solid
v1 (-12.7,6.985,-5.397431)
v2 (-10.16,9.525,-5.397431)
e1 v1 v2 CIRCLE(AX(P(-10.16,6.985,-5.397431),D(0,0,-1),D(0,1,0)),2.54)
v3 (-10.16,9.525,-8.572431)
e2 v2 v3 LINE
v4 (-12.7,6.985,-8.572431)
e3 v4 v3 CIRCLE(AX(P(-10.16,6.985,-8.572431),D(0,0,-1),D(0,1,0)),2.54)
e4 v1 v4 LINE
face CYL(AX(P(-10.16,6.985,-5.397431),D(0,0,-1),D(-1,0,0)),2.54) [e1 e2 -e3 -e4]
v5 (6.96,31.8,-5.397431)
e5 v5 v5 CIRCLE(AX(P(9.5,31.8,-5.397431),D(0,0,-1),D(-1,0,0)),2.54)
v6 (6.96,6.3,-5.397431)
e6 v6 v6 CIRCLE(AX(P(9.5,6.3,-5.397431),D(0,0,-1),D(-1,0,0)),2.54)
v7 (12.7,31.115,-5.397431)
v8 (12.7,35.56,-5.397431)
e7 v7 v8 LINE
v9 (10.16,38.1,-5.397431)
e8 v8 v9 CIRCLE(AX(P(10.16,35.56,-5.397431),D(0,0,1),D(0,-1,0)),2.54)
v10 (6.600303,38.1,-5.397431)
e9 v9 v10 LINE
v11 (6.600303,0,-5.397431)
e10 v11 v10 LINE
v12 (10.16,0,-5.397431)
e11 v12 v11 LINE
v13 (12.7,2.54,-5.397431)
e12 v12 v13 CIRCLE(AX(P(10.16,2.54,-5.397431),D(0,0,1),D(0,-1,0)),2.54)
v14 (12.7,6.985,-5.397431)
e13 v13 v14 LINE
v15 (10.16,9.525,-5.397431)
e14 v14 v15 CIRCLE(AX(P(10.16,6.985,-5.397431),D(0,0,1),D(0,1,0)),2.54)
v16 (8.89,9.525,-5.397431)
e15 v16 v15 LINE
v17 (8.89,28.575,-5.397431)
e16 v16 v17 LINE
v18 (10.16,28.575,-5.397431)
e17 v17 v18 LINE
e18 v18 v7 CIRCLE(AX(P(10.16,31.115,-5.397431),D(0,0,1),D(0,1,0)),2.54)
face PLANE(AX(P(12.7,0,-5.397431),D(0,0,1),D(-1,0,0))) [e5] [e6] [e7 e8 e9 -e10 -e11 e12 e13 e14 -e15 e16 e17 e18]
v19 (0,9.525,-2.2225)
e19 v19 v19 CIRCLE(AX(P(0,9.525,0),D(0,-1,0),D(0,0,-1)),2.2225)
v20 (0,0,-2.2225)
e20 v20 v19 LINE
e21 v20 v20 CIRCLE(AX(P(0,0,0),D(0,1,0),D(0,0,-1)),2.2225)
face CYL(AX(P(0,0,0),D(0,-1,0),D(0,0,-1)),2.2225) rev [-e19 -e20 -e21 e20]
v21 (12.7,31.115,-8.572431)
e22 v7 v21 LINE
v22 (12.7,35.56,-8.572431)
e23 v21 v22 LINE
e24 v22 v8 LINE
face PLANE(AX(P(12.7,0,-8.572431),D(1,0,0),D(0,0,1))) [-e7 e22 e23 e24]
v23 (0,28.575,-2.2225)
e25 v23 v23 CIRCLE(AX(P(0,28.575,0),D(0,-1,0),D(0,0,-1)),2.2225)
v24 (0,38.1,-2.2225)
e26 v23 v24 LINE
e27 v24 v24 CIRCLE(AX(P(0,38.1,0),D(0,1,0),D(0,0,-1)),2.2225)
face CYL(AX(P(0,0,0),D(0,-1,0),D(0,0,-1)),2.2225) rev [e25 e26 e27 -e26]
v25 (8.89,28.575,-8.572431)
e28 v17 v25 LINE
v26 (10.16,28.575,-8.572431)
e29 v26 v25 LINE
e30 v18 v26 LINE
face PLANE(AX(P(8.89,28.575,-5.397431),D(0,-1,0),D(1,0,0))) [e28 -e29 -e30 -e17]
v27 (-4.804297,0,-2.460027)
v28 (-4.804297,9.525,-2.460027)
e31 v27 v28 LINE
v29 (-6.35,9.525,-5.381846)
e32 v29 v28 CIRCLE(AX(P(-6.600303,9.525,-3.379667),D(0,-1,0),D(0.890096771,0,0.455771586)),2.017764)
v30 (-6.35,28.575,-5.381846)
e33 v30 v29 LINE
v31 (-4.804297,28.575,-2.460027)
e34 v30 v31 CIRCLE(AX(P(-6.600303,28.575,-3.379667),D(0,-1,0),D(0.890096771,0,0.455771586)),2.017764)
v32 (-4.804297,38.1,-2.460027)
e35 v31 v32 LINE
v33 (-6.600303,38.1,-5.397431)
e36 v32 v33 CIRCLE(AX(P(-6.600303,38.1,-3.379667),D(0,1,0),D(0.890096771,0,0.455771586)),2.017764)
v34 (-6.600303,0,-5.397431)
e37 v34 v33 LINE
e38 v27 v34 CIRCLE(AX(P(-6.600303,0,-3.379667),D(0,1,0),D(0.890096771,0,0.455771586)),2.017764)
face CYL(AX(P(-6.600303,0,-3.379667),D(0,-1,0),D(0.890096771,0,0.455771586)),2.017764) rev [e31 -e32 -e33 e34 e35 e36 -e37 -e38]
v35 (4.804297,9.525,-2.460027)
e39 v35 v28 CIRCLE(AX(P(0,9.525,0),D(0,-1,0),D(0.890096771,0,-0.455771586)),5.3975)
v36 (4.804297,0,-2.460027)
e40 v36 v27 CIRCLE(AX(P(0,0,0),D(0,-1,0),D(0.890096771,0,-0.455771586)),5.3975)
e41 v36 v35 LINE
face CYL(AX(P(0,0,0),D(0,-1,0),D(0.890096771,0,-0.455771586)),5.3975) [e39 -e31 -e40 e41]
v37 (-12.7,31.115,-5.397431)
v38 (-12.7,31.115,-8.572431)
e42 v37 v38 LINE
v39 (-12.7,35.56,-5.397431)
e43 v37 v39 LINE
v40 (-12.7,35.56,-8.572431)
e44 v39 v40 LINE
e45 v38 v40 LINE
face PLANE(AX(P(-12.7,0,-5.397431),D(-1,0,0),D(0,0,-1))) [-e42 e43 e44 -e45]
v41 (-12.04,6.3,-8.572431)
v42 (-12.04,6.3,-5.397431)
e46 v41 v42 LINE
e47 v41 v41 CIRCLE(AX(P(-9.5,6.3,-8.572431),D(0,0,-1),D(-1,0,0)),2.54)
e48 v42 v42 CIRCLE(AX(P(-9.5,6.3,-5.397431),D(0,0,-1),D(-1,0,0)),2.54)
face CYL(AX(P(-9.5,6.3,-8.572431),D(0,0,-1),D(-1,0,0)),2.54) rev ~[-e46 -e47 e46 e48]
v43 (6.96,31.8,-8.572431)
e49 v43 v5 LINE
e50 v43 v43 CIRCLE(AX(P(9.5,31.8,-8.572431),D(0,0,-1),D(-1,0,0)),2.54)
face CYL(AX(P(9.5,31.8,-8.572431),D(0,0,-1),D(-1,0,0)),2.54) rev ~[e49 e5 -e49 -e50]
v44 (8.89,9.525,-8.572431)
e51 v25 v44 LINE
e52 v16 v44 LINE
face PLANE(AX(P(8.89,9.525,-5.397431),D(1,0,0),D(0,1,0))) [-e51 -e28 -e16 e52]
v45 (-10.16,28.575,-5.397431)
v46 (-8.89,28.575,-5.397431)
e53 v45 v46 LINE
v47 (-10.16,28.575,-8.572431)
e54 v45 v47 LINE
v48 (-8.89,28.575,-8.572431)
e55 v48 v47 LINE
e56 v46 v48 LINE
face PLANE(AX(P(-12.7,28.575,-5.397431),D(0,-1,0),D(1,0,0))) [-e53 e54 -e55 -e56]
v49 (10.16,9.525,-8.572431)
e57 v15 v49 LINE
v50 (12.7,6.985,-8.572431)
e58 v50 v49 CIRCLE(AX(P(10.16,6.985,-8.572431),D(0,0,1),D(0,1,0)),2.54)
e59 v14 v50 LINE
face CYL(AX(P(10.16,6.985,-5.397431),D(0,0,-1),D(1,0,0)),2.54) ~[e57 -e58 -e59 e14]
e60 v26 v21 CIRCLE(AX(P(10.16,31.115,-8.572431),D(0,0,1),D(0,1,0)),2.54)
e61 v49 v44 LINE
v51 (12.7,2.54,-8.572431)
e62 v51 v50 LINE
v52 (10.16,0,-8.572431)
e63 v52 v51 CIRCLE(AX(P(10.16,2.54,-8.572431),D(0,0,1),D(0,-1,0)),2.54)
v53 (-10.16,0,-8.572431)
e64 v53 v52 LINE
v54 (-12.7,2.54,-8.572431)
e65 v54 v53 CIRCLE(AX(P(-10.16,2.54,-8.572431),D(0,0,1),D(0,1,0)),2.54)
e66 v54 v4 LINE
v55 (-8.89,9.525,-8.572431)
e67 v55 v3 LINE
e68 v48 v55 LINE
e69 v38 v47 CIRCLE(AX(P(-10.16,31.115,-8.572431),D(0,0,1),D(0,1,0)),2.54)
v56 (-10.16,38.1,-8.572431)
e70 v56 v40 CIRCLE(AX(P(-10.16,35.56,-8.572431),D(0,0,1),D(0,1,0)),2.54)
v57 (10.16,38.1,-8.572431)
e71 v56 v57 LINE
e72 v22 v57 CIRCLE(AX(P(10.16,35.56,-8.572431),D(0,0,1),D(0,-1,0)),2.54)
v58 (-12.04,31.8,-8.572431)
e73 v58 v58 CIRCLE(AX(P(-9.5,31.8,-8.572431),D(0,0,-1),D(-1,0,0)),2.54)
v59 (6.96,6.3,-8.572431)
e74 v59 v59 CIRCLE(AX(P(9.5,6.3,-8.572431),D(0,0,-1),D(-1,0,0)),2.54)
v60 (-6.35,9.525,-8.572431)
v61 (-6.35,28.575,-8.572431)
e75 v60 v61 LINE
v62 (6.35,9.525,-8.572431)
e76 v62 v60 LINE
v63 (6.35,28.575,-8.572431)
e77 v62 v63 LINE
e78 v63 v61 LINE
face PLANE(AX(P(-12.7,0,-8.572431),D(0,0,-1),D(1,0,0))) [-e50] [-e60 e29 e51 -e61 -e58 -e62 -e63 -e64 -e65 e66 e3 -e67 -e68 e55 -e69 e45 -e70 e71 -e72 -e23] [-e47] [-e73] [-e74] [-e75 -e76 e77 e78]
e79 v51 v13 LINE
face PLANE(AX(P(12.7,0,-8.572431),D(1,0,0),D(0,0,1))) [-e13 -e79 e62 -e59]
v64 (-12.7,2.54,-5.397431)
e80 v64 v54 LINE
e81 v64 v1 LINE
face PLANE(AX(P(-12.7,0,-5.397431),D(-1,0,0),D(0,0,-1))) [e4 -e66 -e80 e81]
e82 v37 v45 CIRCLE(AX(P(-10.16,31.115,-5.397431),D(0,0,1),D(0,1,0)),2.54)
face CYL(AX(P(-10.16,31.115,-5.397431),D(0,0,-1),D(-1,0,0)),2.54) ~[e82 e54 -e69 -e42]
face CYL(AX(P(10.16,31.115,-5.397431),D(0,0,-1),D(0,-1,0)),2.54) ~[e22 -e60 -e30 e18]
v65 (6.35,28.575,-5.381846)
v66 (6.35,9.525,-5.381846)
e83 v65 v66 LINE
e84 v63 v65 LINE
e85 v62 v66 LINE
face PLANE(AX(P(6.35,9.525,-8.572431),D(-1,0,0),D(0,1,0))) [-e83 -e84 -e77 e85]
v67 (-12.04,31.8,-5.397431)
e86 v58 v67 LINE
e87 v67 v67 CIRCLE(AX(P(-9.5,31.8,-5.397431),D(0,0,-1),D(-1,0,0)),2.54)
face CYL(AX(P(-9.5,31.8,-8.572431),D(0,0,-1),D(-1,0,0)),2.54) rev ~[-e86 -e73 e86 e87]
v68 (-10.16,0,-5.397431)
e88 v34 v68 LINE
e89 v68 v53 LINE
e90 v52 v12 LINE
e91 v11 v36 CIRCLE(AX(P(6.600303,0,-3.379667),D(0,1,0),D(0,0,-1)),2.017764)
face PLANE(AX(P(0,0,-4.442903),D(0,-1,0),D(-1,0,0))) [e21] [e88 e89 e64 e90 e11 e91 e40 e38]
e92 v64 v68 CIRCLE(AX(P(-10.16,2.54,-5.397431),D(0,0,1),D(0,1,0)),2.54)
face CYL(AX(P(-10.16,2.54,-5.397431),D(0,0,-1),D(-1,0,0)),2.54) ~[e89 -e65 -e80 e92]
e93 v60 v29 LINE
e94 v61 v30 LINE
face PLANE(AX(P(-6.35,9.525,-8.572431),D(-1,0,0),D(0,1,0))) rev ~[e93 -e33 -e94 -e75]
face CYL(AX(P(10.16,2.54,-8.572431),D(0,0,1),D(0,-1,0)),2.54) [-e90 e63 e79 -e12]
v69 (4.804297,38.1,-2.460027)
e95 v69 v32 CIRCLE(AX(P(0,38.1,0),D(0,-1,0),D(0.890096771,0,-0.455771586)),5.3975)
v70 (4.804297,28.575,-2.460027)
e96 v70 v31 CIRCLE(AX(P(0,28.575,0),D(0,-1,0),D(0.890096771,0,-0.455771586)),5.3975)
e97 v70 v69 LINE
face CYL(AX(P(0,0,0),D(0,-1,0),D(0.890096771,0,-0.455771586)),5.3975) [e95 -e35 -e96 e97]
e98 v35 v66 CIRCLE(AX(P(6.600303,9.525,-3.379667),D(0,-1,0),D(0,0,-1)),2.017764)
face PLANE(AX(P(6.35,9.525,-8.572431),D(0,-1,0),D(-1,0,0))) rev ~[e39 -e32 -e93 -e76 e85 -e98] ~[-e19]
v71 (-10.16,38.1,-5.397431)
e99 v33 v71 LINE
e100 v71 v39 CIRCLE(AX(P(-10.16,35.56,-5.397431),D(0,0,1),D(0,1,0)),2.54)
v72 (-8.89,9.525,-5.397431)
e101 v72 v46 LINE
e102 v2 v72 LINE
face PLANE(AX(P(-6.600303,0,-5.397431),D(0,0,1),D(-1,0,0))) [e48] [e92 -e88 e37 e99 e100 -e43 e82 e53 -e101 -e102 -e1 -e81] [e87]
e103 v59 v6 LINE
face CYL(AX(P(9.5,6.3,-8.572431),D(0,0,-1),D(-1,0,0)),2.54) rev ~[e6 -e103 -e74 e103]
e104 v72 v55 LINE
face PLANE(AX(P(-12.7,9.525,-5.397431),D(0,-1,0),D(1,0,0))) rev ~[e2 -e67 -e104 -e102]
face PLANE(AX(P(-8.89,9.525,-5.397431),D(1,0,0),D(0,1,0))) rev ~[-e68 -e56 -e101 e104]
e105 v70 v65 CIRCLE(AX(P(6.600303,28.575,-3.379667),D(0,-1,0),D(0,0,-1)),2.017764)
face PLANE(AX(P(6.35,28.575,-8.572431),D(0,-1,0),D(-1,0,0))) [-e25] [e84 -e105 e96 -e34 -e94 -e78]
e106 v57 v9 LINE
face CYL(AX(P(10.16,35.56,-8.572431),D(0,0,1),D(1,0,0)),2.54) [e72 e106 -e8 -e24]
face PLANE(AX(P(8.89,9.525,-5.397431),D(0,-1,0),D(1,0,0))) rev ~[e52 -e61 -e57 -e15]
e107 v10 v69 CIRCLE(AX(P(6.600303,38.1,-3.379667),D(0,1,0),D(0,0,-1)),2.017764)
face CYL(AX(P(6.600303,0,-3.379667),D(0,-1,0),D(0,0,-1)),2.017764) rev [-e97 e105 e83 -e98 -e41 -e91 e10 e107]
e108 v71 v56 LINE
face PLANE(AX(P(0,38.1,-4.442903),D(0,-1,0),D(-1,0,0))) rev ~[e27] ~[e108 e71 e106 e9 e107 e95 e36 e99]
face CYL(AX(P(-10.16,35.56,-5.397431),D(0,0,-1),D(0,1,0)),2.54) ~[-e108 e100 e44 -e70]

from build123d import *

# Parameters (mm, degrees)
SKETCH1_R           = 2.2225
BOSS_EXTRUDE1_DEPTH = 38.1
SKETCH3_W           = 12.7
SKETCH3_H           = 19.05
CUT_EXTRUDE2_DEPTH  = 43.521276806
SKETCH8_W           = 3.81
SKETCH8_H           = 19.05
CUT_EXTRUDE4_DEPTH  = 42.586422571
FILLET1_R           = 2.54
FILLET2_R           = 2.54
FILLET3_R           = 2.54
FILLET4_R           = 2.54
FILLET5_R           = 2.54
FILLET6_R           = 2.54
FILLET7_R           = 2.54
FILLET8_R           = 2.54
SKETCH9_R           = 2.54
CUT_EXTRUDE5_DEPTH  = 43.521276806


with BuildPart() as part:
    # Sketch1 → Boss-Extrude1 (new body)
    with BuildSketch(Plane(origin=(0, 0, 0), x_dir=(1, 0, 0), z_dir=(0, 1, 0))):
        with BuildLine():
            Line((-12.7, 8.572431324), (12.7, 8.572431324))
            Line((12.7, 8.572431324), (12.7, 5.397431324))
            Line((12.7, 5.397431324), (6.600302959, 5.397431324))
            ThreePointArc((6.600302959, 5.397431324), (4.87882252, 4.432224955), (4.804297319, 2.460027138))
            ThreePointArc((4.804297319, 2.460027138), (0, -5.3975), (-4.804297319, 2.460027138))
            ThreePointArc((-4.804297319, 2.460027138), (-4.87882252, 4.432224955), (-6.600302959, 5.397431324))
            Line((-6.600302959, 5.397431324), (-12.7, 5.397431324))
            Line((-12.7, 5.397431324), (-12.7, 8.572431324))
        make_face()
        with Locations(Location((0, 0, 0), (0, 0, 90))):
            Circle(SKETCH1_R, mode=Mode.SUBTRACT)
    extrude(amount=BOSS_EXTRUDE1_DEPTH)

    # Sketch3 → Cut-Extrude2 (cut, through all)
    with BuildSketch(Plane(origin=(0, 0, -8.572431324), x_dir=(-1, 0, 0), z_dir=(0, 0, -1))):
        with Locations((0, 19.05)):
            Rectangle(SKETCH3_W, SKETCH3_H)
    extrude(amount=-CUT_EXTRUDE2_DEPTH, mode=Mode.SUBTRACT)

    # Sketch8 → Cut-Extrude4 (cut, through all)
    with BuildSketch(Plane.XY.offset(-5.397431324)):
        with Locations((-10.795, 19.05)):
            Rectangle(SKETCH8_W, SKETCH8_H)
        with Locations((10.795, 19.05)):
            Rectangle(SKETCH8_W, SKETCH8_H)
    extrude(amount=-CUT_EXTRUDE4_DEPTH, mode=Mode.SUBTRACT)

    # Fillet1
    fillet1_edges = [part.edges().sort_by_distance(p)[0] for p in [
        (12.7, 38.1, -6.984931324),
    ]]
    fillet(fillet1_edges, radius=FILLET1_R)

    # Fillet2
    fillet2_edges = [part.edges().sort_by_distance(p)[0] for p in [
        (-12.7, 38.1, -6.984931324),
    ]]
    fillet(fillet2_edges, radius=FILLET2_R)

    # Fillet3
    fillet3_edges = [part.edges().sort_by_distance(p)[0] for p in [
        (-12.7, 28.575, -6.984931324),
    ]]
    fillet(fillet3_edges, radius=FILLET3_R)

    # Fillet4
    fillet4_edges = [part.edges().sort_by_distance(p)[0] for p in [
        (12.7, 9.525, -6.984931324),
    ]]
    fillet(fillet4_edges, radius=FILLET4_R)

    # Fillet5
    fillet5_edges = [part.edges().sort_by_distance(p)[0] for p in [
        (12.7, 28.575, -6.984931324),
    ]]
    fillet(fillet5_edges, radius=FILLET5_R)

    # Fillet6
    fillet6_edges = [part.edges().sort_by_distance(p)[0] for p in [
        (-12.7, 9.525, -6.984931324),
    ]]
    fillet(fillet6_edges, radius=FILLET6_R)

    # Fillet7
    fillet7_edges = [part.edges().sort_by_distance(p)[0] for p in [
        (-12.7, 0, -6.984931324),
    ]]
    fillet(fillet7_edges, radius=FILLET7_R)

    # Fillet8
    fillet8_edges = [part.edges().sort_by_distance(p)[0] for p in [
        (12.7, 0, -6.984931324),
    ]]
    fillet(fillet8_edges, radius=FILLET8_R)

    # Sketch9 → Cut-Extrude5 (cut, through all)
    with BuildSketch(Plane(origin=(0, 0, -8.572431324), x_dir=(-1, 0, 0), z_dir=(0, 0, -1))):
        with Locations((9.499999999, 31.800000027)):
            Circle(SKETCH9_R)
        with Locations((-9.499999999, 31.800000027)):
            Circle(SKETCH9_R)
        with Locations((9.499999999, 6.299999973)):
            Circle(SKETCH9_R)
        with Locations((-9.499999999, 6.299999973)):
            Circle(SKETCH9_R)
    extrude(amount=-CUT_EXTRUDE5_DEPTH, mode=Mode.SUBTRACT)


solid = part.part
